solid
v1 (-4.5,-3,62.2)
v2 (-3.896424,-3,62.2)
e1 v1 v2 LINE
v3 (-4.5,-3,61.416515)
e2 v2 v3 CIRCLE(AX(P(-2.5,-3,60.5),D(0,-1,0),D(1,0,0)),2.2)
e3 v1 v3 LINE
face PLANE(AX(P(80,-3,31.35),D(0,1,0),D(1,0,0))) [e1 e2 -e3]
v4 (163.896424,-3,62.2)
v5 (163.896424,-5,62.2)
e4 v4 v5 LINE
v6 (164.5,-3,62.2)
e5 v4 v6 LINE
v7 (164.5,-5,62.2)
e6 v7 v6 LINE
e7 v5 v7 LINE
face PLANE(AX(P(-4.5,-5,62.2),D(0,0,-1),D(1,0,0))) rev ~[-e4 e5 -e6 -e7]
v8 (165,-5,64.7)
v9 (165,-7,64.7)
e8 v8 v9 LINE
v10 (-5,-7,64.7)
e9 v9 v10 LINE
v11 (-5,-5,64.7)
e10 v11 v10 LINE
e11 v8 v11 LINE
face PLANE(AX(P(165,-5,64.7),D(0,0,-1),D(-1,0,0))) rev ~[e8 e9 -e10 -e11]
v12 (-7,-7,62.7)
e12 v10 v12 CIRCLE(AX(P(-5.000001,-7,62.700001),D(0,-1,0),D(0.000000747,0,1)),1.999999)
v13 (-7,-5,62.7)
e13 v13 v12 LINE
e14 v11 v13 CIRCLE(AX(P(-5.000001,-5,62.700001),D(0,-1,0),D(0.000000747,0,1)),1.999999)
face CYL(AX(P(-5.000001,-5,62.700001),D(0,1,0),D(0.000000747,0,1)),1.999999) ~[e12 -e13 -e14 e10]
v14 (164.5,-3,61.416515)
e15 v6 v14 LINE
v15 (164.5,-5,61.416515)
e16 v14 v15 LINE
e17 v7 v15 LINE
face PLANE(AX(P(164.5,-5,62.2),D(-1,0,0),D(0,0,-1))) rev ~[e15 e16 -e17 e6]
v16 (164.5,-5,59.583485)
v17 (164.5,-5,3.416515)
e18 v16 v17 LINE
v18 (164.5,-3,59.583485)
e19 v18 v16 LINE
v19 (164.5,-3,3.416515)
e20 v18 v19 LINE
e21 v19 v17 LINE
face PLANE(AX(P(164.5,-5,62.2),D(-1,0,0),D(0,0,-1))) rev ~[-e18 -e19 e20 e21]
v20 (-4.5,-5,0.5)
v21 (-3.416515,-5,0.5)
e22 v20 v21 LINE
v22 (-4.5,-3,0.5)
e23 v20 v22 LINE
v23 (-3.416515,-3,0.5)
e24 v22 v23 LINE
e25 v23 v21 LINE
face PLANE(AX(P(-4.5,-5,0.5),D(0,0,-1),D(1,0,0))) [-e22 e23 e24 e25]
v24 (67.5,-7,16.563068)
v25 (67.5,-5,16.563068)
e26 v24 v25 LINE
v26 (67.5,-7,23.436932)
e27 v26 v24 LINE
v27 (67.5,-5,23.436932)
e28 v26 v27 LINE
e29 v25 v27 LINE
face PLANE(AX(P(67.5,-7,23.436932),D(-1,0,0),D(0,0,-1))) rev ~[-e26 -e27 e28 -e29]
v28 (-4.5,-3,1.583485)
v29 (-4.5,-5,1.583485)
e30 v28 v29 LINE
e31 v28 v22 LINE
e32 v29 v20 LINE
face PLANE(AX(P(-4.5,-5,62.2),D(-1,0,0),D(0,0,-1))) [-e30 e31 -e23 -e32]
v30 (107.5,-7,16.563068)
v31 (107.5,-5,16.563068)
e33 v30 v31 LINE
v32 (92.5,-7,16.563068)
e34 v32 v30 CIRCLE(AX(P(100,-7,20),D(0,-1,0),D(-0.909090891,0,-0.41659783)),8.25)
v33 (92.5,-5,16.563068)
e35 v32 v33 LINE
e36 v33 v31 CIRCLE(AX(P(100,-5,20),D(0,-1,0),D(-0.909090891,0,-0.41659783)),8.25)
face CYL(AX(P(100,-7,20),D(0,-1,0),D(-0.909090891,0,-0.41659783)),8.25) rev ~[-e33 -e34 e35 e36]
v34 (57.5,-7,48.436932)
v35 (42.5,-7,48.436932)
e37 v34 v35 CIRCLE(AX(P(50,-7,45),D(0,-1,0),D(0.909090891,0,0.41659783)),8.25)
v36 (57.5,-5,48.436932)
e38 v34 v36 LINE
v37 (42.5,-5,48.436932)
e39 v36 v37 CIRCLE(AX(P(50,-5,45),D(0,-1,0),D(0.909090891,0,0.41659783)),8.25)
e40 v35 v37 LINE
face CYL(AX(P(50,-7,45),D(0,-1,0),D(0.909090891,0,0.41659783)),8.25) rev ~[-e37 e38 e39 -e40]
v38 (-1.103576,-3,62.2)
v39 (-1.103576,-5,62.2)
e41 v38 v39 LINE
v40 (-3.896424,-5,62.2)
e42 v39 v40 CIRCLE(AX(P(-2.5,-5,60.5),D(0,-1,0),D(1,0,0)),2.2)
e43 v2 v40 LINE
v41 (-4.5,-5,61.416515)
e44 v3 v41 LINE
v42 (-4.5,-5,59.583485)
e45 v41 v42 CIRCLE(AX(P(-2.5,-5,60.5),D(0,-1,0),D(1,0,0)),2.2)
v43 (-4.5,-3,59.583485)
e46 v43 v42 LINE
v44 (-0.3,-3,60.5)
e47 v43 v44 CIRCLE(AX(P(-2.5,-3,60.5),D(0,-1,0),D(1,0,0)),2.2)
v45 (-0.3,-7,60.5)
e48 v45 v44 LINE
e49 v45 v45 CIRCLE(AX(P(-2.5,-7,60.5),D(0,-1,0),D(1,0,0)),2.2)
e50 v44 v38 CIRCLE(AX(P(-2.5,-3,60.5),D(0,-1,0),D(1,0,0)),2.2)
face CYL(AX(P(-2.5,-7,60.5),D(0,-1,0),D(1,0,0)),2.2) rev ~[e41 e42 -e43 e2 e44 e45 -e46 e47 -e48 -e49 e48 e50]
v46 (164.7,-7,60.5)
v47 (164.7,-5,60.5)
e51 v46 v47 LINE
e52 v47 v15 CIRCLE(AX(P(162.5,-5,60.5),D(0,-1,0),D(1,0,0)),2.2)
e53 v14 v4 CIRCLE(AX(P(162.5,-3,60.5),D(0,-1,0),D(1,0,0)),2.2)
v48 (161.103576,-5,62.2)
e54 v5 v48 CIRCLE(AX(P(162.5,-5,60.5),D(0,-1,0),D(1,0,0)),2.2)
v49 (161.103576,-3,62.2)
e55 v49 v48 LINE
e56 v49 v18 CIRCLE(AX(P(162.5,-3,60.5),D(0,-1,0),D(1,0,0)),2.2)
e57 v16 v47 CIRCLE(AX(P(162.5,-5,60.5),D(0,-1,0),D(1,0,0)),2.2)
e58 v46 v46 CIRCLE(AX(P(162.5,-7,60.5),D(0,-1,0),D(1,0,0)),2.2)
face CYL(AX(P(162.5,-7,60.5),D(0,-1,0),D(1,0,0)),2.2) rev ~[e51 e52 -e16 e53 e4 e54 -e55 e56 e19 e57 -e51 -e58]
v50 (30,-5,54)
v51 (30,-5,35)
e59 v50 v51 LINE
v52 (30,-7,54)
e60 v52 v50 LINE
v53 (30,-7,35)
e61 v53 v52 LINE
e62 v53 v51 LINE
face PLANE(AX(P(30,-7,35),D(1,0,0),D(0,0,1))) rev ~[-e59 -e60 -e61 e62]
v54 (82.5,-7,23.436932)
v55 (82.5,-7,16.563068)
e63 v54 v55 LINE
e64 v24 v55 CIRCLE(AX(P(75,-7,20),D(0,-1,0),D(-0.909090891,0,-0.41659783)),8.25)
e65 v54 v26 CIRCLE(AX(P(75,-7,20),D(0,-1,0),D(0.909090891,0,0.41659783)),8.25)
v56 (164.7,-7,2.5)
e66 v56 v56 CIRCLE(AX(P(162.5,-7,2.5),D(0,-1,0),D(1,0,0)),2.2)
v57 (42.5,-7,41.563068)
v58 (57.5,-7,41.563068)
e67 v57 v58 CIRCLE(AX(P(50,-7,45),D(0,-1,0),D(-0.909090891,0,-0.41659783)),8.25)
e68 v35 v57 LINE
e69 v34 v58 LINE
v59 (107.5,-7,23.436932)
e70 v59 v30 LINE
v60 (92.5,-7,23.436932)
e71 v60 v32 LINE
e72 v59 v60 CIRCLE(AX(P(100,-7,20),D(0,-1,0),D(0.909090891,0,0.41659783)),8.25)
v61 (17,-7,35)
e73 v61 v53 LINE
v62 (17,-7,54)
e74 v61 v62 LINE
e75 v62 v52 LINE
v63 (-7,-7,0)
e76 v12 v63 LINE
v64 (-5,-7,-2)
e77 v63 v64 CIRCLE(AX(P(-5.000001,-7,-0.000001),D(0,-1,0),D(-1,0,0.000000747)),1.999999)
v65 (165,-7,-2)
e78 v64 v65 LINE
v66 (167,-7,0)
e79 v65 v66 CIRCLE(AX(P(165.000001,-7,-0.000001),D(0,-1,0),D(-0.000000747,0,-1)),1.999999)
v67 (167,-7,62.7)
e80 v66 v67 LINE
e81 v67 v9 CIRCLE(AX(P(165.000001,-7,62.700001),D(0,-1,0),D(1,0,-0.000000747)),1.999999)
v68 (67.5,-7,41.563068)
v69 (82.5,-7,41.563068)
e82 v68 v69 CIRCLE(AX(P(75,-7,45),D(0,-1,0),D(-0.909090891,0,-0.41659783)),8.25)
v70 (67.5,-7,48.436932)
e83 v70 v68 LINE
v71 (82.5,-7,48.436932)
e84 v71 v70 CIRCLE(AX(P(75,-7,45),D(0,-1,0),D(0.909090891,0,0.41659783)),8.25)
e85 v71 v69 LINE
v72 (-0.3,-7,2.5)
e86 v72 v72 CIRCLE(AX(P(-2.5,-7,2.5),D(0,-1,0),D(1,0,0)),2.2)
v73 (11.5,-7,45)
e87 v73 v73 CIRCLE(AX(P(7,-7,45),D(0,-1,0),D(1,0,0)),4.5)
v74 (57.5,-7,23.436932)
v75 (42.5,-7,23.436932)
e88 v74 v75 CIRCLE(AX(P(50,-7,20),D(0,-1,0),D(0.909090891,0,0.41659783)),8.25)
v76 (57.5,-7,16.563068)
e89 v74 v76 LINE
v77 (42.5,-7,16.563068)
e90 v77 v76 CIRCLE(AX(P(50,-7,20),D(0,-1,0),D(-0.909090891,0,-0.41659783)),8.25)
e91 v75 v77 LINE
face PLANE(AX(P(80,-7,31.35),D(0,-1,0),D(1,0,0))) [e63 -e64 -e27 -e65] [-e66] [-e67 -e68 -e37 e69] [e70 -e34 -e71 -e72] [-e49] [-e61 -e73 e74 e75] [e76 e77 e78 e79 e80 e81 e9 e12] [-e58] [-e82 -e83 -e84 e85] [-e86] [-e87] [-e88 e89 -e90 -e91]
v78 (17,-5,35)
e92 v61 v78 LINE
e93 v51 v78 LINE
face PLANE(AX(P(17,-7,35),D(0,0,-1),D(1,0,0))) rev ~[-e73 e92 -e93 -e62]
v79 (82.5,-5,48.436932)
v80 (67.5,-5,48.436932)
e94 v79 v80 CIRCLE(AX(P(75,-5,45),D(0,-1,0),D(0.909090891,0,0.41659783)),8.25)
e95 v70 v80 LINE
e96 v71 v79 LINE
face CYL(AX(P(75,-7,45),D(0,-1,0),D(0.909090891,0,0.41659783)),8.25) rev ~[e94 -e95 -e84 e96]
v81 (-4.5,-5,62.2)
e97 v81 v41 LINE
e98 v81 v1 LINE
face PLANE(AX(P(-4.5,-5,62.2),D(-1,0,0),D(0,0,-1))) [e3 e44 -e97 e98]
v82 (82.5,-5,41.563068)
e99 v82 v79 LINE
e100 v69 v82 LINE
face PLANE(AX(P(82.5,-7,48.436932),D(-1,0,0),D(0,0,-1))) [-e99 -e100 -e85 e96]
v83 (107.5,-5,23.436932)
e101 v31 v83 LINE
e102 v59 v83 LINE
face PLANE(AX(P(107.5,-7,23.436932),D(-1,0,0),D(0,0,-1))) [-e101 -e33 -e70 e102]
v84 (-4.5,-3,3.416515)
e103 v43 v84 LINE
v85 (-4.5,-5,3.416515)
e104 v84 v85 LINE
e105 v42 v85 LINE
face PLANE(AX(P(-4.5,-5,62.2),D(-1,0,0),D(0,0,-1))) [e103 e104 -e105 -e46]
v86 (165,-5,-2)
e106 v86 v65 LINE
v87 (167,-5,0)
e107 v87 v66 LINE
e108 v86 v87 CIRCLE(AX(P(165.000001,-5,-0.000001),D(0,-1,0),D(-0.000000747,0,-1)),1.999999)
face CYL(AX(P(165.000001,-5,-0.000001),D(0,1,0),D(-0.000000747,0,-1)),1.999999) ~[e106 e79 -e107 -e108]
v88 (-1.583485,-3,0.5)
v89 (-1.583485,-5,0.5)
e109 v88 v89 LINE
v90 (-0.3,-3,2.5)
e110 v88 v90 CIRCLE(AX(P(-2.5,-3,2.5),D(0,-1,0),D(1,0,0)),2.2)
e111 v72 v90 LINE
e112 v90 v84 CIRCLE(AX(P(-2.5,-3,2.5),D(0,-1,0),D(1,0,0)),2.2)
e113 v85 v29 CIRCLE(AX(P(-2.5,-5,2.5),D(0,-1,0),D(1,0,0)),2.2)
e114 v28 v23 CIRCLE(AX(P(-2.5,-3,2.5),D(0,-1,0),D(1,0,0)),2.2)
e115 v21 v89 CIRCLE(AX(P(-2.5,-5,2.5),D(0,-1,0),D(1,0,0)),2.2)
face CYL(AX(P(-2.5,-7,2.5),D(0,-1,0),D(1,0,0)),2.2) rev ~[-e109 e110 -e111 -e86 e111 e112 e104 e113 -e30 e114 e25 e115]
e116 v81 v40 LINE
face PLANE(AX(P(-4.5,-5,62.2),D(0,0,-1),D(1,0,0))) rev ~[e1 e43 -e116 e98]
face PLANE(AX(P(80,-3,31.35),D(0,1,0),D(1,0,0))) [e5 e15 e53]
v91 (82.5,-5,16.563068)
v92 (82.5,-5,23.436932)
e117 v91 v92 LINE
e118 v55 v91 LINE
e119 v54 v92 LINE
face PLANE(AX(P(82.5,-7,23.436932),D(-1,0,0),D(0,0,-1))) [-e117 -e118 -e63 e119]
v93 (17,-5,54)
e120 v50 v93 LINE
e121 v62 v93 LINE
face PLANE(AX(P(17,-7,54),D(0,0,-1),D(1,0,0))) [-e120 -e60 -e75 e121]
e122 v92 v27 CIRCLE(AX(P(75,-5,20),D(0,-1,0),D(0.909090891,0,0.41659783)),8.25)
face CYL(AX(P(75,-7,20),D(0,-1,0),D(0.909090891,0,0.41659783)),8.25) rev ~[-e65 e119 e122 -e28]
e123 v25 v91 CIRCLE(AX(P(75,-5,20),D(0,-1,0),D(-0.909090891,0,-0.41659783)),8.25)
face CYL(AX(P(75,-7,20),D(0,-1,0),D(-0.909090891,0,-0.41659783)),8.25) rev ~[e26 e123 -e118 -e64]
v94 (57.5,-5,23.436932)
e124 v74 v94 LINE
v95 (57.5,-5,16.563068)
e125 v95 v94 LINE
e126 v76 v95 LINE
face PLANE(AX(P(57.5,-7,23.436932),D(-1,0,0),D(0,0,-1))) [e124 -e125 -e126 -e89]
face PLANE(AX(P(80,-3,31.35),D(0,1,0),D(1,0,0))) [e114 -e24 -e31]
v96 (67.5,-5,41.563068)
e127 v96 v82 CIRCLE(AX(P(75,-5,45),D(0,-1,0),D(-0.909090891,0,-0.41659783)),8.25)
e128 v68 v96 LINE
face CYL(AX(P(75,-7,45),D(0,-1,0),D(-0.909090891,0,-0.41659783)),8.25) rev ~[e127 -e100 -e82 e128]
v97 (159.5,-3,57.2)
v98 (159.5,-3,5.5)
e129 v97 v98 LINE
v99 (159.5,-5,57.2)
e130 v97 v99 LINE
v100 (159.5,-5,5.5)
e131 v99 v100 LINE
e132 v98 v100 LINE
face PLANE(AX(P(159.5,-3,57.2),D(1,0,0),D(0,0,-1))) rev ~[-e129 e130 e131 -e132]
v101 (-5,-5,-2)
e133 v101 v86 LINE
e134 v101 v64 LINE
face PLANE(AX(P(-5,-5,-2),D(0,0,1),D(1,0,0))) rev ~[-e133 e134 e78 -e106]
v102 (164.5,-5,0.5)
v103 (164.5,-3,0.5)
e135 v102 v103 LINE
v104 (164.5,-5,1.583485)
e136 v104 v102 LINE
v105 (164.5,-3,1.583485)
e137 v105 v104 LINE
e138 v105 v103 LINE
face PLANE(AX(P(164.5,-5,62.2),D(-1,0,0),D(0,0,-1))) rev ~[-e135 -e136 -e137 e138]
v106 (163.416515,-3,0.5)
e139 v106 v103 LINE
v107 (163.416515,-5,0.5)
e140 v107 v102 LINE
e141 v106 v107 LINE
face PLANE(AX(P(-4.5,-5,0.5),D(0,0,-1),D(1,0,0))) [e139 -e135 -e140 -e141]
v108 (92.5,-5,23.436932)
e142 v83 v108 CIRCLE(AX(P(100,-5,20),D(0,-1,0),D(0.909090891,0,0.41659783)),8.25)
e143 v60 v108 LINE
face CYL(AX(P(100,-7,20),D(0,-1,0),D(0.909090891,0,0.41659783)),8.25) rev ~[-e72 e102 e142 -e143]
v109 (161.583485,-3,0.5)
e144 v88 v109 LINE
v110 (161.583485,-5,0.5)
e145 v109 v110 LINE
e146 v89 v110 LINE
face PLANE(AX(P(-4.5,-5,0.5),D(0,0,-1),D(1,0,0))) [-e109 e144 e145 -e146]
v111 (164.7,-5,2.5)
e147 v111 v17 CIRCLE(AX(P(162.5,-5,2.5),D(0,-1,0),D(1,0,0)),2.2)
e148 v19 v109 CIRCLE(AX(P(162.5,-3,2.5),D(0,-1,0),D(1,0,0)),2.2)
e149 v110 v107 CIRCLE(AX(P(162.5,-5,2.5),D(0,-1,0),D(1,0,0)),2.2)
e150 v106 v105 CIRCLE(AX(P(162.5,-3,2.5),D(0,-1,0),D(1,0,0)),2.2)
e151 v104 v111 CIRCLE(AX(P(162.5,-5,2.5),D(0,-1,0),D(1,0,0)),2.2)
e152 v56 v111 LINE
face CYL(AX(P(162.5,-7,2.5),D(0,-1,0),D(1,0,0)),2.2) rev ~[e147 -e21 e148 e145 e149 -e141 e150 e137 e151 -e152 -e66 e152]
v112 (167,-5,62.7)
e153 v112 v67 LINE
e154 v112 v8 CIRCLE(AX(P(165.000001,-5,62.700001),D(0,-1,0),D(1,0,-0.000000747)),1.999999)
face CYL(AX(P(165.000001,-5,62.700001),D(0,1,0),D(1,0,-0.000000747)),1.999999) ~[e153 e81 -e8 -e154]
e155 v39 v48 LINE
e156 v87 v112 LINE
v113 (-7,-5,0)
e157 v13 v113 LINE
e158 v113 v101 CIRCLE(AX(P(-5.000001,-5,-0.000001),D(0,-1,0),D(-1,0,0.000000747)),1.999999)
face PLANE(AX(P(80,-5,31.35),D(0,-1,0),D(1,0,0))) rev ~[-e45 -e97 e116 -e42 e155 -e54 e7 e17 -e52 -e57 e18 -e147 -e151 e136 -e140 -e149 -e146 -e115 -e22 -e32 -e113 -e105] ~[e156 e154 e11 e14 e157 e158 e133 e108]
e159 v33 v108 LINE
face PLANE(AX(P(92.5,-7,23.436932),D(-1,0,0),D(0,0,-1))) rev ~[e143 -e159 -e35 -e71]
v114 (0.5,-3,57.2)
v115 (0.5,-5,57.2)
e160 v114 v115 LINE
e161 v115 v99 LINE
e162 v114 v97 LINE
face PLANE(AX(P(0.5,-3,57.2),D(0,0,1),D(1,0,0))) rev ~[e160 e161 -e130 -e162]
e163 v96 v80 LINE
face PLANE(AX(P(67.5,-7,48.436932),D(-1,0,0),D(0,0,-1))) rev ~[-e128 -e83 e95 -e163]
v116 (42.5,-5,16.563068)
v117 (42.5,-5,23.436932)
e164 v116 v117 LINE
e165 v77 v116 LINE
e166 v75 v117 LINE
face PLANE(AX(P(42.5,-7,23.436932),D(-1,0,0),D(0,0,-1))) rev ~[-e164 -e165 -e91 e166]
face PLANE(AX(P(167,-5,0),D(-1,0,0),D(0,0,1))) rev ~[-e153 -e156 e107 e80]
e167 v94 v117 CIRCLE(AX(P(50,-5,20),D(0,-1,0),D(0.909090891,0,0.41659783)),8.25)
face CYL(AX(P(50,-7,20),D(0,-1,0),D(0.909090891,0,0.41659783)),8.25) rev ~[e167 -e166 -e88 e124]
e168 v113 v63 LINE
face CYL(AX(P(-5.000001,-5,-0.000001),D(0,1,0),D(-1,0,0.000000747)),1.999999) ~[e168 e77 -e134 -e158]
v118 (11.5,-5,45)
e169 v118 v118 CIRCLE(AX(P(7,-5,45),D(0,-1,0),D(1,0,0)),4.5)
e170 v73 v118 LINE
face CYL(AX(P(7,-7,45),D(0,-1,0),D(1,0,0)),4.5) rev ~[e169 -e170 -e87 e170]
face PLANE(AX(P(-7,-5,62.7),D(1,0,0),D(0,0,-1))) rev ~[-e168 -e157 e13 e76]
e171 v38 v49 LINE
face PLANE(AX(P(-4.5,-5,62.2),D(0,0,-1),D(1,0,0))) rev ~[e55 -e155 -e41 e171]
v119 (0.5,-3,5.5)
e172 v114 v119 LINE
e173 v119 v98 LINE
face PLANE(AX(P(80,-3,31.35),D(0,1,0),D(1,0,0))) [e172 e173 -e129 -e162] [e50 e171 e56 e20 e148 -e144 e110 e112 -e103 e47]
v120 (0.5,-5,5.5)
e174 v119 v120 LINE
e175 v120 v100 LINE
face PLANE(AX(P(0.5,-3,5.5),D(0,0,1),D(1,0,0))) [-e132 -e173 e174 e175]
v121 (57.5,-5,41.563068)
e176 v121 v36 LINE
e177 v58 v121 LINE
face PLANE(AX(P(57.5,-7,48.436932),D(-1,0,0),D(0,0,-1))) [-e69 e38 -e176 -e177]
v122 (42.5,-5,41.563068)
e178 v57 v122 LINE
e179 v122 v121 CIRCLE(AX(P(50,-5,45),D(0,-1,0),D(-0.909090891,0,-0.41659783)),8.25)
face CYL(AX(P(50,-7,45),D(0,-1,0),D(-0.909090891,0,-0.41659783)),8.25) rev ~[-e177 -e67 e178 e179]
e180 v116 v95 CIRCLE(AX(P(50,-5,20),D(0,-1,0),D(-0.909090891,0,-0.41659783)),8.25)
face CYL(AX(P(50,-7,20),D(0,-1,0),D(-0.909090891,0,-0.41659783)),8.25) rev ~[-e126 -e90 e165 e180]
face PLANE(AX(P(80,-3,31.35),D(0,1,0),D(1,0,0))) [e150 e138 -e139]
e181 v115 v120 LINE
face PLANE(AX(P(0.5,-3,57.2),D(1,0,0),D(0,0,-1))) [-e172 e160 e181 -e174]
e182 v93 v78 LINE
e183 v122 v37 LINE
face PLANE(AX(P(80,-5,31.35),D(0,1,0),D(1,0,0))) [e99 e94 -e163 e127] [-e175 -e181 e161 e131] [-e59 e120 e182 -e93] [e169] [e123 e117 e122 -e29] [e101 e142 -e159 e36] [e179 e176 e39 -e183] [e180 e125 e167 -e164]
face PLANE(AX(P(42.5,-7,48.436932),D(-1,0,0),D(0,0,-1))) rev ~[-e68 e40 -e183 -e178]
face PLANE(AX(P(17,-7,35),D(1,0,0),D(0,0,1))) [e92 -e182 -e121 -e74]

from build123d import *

# Parameters (mm, degrees)
PAD004_DEPTH    = 2
SKETCH008_W     = 169
SKETCH008_H     = 61.7
PAD005_DEPTH    = 2
SKETCH009_R     = 2.2
POCKET002_DEPTH = 4.001
SKETCH012_W     = 159
SKETCH012_H     = 51.7
POCKET005_DEPTH = 2
SKETCH010_R     = 4.5
SKETCH010_W     = 13
SKETCH010_H     = 19
POCKET003_DEPTH = 4.001


with BuildPart() as part:
    # Sketch007 → Pad004 (new body)
    with BuildSketch(Plane.XZ):
        with BuildLine():
            Line((-2, 62.7), (-2, 0))
            ThreePointArc((-2, 0), (-1.414214, -1.414214), (0, -2))
            Line((0, -2), (170, -2))
            ThreePointArc((170, -2), (171.414214, -1.414214), (172, 0))
            Line((172, 0), (172, 62.7))
            ThreePointArc((172, 62.7), (171.414214, 64.114214), (170, 64.7))
            Line((170, 64.7), (0, 64.7))
            ThreePointArc((0, 64.7), (-1.414214, 64.114214), (-2, 62.7))
        make_face()
    extrude(amount=PAD004_DEPTH)

    # Sketch008 (on Face9 of Pad004) → Pad005 (join)
    with BuildSketch(Plane(origin=(0, 0, 0), x_dir=(1, 0, 0), z_dir=(0, 1, 0))):
        with Locations((85, -31.35)):
            Rectangle(SKETCH008_W, SKETCH008_H)
    extrude(amount=PAD005_DEPTH)

    # Sketch009 (on Face5 of Pad005) → Pocket002 (cut, through all)
    with BuildSketch(Plane.XZ.offset(2)):
        with Locations((2.5, 2.5)):
            Circle(SKETCH009_R)
        with Locations((2.5, 60.5)):
            Circle(SKETCH009_R)
        with Locations((167.5, 60.5)):
            Circle(SKETCH009_R)
        with Locations((167.5, 2.5)):
            Circle(SKETCH009_R)
    extrude(amount=-POCKET002_DEPTH, mode=Mode.SUBTRACT)

    # Sketch012 (on Face28 of Pocket002) → Pocket005 (cut)
    with BuildSketch(Plane(origin=(0, 2, 0), x_dir=(1, 0, 0), z_dir=(0, 1, 0))):
        with Locations((85, -31.35)):
            Rectangle(SKETCH012_W, SKETCH012_H)
    extrude(amount=-POCKET005_DEPTH, mode=Mode.SUBTRACT)


with BuildPart() as part_1:
    # Body003 placement: moved
    add(part.part.moved(Location((-5, -5, 0))))


with BuildPart() as part_2:
    # BaseFeature placement: moved
    add(part_1.part.moved(Location((5, 5, 0))))

    # Sketch010 (on Face5 of BaseFeature) → Pocket003 (cut, through all)
    with BuildSketch(Plane.XZ.offset(2)):
        with Locations((12, 45)):
            Circle(SKETCH010_R)
        with Locations((28.5, 44.5)):
            Rectangle(SKETCH010_W, SKETCH010_H)
        with BuildLine():
            Line((62.5, 23.436932), (62.5, 16.563068))
            ThreePointArc((47.5, 16.563068), (55, 11.75), (62.5, 16.563068))
            Line((47.5, 23.436932), (47.5, 16.563068))
            ThreePointArc((62.5, 23.436932), (55, 28.25), (47.5, 23.436932))
        make_face()
        with BuildLine():
            ThreePointArc((47.5, 41.563068), (55, 36.75), (62.5, 41.563068))
            Line((62.5, 48.436932), (62.5, 41.563068))
            ThreePointArc((62.5, 48.436932), (55, 53.25), (47.5, 48.436932))
            Line((47.5, 48.436932), (47.5, 41.563068))
        make_face()
        with BuildLine():
            ThreePointArc((87.5, 23.436932), (80, 28.25), (72.5, 23.436932))
            Line((72.5, 23.436932), (72.5, 16.563068))
            ThreePointArc((72.5, 16.563068), (80, 11.75), (87.5, 16.563068))
            Line((87.5, 23.436932), (87.5, 16.563068))
        make_face()
        with BuildLine():
            Line((97.5, 23.436932), (97.5, 16.563068))
            ThreePointArc((97.5, 16.563068), (105, 11.75), (112.5, 16.563068))
            Line((112.5, 23.436932), (112.5, 16.563068))
            ThreePointArc((112.5, 23.436932), (105, 28.25), (97.5, 23.436932))
        make_face()
        with BuildLine():
            Line((72.5, 48.436932), (72.5, 41.563068))
            ThreePointArc((72.5, 41.563068), (80, 36.75), (87.5, 41.563068))
            Line((87.5, 48.436932), (87.5, 41.563068))
            ThreePointArc((87.5, 48.436932), (80, 53.25), (72.5, 48.436932))
        make_face()
    extrude(amount=-POCKET003_DEPTH, mode=Mode.SUBTRACT)


with BuildPart() as part_3:
    # Body004 placement: moved
    add(part_2.part.moved(Location((-5, -5, 0))))


solid = part_3.part
